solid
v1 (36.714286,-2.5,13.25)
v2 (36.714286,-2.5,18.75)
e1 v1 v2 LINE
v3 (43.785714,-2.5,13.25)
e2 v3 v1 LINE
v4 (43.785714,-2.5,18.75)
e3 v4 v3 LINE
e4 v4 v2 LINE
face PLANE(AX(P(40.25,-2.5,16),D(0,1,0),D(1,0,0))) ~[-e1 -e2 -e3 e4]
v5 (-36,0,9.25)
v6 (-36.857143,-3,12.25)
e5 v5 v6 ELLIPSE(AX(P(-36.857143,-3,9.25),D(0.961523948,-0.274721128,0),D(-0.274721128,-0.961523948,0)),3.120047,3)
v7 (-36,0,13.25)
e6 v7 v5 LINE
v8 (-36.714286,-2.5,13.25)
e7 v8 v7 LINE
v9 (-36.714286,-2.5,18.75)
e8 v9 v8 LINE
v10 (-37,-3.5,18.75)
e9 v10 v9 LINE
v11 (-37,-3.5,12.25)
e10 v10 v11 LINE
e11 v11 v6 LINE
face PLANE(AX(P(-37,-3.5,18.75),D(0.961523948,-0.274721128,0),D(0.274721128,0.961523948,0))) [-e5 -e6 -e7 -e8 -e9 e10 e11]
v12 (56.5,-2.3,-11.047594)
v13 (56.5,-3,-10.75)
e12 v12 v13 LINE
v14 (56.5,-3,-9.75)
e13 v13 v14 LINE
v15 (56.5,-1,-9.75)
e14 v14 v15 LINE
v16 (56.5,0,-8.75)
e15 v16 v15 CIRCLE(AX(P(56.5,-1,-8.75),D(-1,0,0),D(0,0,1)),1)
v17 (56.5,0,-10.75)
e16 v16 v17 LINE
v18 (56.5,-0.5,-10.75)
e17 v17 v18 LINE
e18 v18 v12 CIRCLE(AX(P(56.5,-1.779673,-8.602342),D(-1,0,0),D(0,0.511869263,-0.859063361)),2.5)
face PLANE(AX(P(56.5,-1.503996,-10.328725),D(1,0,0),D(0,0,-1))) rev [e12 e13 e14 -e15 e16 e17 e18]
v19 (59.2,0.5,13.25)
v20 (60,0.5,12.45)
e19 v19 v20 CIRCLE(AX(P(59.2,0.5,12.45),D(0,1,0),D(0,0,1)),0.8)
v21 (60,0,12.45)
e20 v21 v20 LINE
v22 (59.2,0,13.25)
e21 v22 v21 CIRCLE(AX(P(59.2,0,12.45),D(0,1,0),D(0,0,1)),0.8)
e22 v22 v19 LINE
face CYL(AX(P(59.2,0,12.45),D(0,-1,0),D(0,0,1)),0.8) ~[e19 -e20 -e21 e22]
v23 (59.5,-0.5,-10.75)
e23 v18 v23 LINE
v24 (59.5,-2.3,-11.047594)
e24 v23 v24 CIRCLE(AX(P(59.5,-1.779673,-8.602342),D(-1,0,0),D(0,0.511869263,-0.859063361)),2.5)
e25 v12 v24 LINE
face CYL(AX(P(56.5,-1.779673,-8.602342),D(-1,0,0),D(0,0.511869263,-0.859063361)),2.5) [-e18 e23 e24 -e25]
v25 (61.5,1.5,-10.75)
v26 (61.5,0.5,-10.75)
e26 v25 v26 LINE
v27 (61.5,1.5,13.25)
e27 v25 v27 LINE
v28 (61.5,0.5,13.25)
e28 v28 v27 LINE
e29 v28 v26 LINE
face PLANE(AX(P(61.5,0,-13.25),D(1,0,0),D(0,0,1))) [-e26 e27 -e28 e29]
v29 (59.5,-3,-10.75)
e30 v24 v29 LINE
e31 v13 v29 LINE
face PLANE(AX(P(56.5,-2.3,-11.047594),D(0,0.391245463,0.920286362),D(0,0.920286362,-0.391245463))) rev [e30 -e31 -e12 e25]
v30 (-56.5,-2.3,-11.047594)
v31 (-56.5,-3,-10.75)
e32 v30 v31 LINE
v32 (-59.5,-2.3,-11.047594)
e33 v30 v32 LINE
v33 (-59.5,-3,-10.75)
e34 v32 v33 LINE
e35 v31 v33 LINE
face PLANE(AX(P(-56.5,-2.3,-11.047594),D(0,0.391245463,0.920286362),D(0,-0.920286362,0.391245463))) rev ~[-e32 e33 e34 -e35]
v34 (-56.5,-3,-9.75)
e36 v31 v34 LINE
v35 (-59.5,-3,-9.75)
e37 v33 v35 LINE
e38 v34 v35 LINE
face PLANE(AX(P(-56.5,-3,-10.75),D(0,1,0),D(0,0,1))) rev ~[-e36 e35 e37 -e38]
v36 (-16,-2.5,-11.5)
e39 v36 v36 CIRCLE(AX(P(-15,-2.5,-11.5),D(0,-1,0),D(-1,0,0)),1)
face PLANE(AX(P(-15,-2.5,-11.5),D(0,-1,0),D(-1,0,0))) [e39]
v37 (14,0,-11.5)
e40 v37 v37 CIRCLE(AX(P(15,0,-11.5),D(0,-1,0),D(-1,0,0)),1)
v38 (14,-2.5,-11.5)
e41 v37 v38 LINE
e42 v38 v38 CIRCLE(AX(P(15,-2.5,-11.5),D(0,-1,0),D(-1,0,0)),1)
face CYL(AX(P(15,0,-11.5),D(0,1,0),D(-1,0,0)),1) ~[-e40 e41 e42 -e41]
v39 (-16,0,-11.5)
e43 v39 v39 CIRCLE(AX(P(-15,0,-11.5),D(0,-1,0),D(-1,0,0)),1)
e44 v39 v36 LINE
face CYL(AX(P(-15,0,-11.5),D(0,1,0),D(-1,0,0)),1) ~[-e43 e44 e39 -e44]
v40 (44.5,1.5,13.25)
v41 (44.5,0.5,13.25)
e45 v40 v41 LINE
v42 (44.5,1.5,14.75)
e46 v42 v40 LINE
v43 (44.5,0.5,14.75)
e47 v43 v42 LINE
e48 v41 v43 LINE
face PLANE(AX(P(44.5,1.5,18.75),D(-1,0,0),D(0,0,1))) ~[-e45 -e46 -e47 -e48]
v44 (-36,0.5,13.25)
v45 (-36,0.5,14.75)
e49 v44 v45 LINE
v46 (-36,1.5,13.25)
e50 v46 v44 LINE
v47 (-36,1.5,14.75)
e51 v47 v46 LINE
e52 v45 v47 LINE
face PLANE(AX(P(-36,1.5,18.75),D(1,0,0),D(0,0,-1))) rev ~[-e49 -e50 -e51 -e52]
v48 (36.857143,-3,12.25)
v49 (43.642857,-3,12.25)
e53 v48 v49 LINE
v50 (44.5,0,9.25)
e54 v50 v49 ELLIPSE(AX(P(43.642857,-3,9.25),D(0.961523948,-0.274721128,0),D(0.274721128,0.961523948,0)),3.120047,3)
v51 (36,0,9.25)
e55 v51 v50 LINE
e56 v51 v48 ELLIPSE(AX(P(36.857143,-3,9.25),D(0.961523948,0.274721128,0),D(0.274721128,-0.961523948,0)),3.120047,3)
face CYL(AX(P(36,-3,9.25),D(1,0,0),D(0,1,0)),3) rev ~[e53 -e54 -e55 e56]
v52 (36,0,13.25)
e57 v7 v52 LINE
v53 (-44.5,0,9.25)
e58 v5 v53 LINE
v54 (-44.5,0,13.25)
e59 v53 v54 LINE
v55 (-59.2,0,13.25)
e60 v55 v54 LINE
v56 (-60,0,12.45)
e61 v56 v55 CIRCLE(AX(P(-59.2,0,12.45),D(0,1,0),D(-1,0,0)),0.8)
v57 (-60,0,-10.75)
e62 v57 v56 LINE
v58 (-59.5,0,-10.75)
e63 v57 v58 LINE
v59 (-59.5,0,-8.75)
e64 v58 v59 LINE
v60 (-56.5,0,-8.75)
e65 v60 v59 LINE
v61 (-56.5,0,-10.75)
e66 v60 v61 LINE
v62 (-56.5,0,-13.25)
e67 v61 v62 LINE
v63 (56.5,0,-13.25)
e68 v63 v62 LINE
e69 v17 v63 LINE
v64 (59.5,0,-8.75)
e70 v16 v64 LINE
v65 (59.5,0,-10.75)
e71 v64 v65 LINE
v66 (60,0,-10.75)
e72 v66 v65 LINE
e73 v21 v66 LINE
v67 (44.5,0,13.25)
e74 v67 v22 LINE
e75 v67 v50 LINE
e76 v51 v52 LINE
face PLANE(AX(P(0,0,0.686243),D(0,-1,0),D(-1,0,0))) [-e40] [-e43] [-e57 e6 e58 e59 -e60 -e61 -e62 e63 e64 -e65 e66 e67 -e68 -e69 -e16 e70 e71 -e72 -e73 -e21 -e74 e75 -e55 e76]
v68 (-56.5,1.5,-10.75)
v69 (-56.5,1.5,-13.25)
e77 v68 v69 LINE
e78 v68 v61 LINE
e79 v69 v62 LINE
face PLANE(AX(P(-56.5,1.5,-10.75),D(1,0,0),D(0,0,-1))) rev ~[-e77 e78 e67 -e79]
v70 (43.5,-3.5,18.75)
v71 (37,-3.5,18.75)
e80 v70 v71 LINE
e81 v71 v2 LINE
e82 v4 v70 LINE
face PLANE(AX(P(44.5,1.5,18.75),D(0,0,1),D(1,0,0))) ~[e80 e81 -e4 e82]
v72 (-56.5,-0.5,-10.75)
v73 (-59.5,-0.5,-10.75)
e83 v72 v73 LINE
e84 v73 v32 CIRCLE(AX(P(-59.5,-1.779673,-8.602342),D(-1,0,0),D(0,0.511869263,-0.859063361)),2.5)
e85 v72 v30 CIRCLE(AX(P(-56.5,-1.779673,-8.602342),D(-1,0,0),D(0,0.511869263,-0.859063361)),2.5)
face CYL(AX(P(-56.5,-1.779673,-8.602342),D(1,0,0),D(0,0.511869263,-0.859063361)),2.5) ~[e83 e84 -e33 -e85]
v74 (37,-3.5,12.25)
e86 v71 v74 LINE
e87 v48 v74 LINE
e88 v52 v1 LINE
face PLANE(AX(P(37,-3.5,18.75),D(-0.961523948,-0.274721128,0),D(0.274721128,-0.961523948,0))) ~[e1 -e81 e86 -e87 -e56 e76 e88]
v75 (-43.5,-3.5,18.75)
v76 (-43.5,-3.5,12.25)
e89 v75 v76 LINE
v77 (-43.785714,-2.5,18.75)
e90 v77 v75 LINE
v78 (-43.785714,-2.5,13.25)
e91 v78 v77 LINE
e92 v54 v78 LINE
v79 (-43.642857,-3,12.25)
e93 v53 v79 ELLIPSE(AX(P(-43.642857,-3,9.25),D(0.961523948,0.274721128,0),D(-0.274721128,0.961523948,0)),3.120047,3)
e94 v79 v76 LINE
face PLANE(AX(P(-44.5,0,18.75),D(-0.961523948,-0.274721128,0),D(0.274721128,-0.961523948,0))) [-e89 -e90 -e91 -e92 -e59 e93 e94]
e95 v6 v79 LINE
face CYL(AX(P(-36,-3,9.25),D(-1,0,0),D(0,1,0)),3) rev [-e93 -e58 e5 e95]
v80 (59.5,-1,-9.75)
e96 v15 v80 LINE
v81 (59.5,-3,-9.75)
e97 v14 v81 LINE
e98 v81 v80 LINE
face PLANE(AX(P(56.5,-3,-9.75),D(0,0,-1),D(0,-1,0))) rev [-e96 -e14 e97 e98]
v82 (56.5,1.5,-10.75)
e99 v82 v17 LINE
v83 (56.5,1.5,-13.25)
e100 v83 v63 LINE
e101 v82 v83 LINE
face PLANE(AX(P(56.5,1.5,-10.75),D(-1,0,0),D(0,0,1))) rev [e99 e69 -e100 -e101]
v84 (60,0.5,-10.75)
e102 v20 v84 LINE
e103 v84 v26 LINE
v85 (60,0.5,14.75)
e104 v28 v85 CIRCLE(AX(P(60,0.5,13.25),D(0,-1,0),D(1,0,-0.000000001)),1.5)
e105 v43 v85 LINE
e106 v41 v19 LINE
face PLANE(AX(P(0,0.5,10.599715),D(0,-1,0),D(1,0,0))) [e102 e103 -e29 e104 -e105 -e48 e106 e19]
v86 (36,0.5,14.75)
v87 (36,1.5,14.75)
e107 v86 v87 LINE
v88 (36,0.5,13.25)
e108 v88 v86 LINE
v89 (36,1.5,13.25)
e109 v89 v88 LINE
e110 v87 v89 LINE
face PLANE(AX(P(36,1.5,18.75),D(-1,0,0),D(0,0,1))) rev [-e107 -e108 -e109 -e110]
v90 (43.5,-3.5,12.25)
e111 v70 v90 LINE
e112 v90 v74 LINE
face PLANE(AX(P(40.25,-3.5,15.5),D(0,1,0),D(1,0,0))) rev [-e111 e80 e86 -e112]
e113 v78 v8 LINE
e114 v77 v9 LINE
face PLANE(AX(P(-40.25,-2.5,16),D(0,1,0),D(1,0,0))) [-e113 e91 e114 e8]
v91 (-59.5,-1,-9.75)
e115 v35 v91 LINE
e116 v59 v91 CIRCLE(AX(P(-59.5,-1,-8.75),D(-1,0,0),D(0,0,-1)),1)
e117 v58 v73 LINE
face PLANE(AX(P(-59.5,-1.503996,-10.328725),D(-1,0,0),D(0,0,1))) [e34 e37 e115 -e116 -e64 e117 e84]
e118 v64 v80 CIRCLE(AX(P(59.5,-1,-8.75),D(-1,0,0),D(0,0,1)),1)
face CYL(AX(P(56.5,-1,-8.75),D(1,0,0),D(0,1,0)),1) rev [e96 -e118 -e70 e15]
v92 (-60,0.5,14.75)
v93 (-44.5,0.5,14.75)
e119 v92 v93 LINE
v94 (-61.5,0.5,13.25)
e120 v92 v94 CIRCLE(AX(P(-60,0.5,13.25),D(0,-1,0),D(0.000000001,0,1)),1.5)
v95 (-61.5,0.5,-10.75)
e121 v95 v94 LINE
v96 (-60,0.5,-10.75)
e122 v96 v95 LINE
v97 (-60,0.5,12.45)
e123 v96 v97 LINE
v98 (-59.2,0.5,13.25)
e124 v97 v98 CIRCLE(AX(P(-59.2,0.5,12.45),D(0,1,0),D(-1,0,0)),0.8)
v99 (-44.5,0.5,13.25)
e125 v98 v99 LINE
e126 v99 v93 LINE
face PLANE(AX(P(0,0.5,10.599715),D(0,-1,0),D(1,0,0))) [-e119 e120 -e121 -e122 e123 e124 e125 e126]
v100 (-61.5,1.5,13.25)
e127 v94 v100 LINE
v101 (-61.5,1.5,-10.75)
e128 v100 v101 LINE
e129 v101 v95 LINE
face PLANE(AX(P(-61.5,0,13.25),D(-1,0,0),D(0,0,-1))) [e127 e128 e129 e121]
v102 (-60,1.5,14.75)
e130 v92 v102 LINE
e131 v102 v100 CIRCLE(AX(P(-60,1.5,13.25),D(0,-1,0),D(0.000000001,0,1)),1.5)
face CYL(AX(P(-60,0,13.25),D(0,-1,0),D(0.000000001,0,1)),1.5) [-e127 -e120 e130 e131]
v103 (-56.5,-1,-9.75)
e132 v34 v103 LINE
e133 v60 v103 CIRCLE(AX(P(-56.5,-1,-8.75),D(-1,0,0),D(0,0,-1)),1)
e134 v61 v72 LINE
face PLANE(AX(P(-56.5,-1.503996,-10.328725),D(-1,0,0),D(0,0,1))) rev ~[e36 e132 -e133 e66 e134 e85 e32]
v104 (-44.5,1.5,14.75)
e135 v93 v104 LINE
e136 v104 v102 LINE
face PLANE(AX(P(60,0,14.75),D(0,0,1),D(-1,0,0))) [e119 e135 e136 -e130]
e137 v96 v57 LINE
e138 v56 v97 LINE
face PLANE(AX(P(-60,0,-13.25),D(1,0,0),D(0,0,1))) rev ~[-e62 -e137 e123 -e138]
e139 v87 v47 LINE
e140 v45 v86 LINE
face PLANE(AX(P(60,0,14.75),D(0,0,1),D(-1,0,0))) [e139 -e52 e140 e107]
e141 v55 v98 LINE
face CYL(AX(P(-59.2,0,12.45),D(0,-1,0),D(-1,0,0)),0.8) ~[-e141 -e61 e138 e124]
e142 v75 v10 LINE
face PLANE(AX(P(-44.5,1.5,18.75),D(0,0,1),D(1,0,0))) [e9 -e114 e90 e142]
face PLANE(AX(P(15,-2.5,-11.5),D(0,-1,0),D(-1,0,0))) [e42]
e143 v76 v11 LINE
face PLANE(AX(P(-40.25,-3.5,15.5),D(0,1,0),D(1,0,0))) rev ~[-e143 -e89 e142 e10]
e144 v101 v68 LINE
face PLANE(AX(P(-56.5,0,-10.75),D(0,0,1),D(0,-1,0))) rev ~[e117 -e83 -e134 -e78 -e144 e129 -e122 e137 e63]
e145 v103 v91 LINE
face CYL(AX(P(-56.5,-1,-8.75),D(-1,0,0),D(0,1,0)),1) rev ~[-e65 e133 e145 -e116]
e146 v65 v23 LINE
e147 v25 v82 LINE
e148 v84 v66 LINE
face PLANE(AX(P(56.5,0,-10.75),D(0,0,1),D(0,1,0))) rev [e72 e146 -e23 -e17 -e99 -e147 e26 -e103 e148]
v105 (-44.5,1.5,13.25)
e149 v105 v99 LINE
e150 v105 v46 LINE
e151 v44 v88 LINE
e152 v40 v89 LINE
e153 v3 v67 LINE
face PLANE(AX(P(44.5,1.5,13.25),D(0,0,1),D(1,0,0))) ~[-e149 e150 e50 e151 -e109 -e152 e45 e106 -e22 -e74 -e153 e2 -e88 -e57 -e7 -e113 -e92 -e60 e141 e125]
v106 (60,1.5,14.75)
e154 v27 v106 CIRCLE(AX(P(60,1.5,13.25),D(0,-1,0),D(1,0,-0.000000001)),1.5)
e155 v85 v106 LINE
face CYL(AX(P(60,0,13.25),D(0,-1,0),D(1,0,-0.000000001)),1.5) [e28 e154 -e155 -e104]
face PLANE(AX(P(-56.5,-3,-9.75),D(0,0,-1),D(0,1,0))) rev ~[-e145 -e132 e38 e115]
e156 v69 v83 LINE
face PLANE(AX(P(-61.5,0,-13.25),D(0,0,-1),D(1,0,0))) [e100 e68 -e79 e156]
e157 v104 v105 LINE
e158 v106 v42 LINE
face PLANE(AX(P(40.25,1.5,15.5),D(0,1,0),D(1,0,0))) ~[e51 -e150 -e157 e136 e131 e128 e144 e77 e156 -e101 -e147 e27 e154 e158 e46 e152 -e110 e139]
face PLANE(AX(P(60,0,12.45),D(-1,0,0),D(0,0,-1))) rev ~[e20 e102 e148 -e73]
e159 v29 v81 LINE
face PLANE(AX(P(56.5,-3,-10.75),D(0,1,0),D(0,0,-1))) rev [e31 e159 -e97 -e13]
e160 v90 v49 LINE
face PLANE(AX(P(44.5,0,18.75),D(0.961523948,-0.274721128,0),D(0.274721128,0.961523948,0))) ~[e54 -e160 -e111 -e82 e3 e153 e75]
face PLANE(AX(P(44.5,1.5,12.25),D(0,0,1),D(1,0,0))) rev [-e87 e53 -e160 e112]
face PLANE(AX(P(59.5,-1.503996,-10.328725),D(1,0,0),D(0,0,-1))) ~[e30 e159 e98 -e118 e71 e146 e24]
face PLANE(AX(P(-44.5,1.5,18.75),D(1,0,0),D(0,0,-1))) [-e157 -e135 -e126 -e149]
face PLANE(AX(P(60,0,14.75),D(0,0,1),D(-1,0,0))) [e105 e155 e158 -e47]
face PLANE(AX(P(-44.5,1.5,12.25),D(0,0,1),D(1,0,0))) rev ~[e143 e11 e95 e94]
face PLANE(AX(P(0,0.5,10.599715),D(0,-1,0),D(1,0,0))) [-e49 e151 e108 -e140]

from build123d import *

# Parameters (mm, degrees)
BOSS_EXTRUDE1_DEPTH = 1.5
CUT_EXTRUDE4_DEPTH  = 0.5
SKETCH3_W           = 8.5
SKETCH3_H           = 6.5
BOSS_EXTRUDE2_DEPTH = 5
SKETCH4_W           = 8.5
SKETCH4_H           = 5.5
CUT_EXTRUDE1_DEPTH  = 4
CUT_EXTRUDE2_DEPTH  = 33
FILLET1_R           = 3
SKETCH6_W           = 5
SKETCH6_H           = 2.5
CUT_EXTRUDE3_DEPTH  = 1.5
BOSS_EXTRUDE4_DEPTH = 3
SKETCH10_R          = 1
BOSS_EXTRUDE5_DEPTH = 2.5
FILLET2_R           = 1


with BuildPart() as part:
    # Sketch2 → Boss-Extrude1 (new body)
    with BuildSketch(Plane(origin=(0, 0, 0), x_dir=(1, 0, 0), z_dir=(0, 1, 0))):
        with BuildLine():
            Line((-61.5, 13.25), (61.5, 13.25))
            Line((61.5, 13.25), (61.5, -13.25))
            ThreePointArc((61.5, -13.25), (61.060660172, -14.310660172), (60, -14.75))
            Line((60, -14.75), (-60, -14.75))
            ThreePointArc((-60, -14.75), (-61.060660172, -14.310660172), (-61.5, -13.25))
            Line((-61.5, -13.25), (-61.5, 13.25))
        make_face()
    extrude(amount=BOSS_EXTRUDE1_DEPTH)

    # Sketch9 → Cut-Extrude4 (cut)
    with BuildSketch(Plane.XZ):
        with BuildLine():
            Line((60, -13.25), (65, -13.25))
            Line((65, -13.25), (65, 18.25))
            Line((65, 18.25), (-65, 18.25))
            Line((-65, 18.25), (-65, -13.25))
            Line((-65, -13.25), (-60, -13.25))
            Line((-60, -13.25), (-60, 12.45))
            ThreePointArc((-60, 12.45), (-59.765685425, 13.015685425), (-59.2, 13.25))
            Line((-59.2, 13.25), (59.2, 13.25))
            ThreePointArc((59.2, 13.25), (59.765685425, 13.015685425), (60, 12.45))
            Line((60, 12.45), (60, -13.25))
        make_face()
    extrude(amount=-CUT_EXTRUDE4_DEPTH, mode=Mode.SUBTRACT)

    # Sketch3 → Boss-Extrude2 (add)
    with BuildSketch(Plane(origin=(0, 1.5, 0), x_dir=(1, 0, 0), z_dir=(0, 1, 0))):
        with Locations((-40.25, -15.5)):
            Rectangle(SKETCH3_W, SKETCH3_H)
    boss_extrude2 = extrude(amount=-BOSS_EXTRUDE2_DEPTH)

    # Sketch4 → Cut-Extrude1 (cut)
    with BuildSketch(Plane(origin=(0, 1.5, 0), x_dir=(1, 0, 0), z_dir=(0, 1, 0))):
        with Locations((-40.25, -16)):
            Rectangle(SKETCH4_W, SKETCH4_H)
    cut_extrude1 = extrude(amount=-CUT_EXTRUDE1_DEPTH, mode=Mode.SUBTRACT)

    # Sketch5 → Cut-Extrude2 (cut, through all)
    with BuildSketch(Plane.XY.offset(18.75)):
        Polygon((-44.5, 0), (-43.5, -3.5), (-44.5, -3.5), align=None)
        Polygon((-36, 0), (-36, -3.5), (-37, -3.5), align=None)
    cut_extrude2 = extrude(amount=-CUT_EXTRUDE2_DEPTH, mode=Mode.SUBTRACT)

    # Mirror1: Boss-Extrude2, Cut-Extrude1, Cut-Extrude2 across plane
    add(boss_extrude2.mirror(Plane(origin=(0, 0, 0), x_dir=(0, 0, 1), z_dir=(1, 0, 0))))
    add(cut_extrude1.mirror(Plane(origin=(0, 0, 0), x_dir=(0, 0, 1), z_dir=(1, 0, 0))), mode=Mode.SUBTRACT)
    add(cut_extrude2.mirror(Plane(origin=(0, 0, 0), x_dir=(0, 0, 1), z_dir=(1, 0, 0))), mode=Mode.SUBTRACT)

    # Fillet1
    fillet1_edges = [part.edges().sort_by_distance(p)[0] for p in [
        (40.25, 0, 12.25),
        (-40.25, 0, 12.25),
    ]]
    fillet(fillet1_edges, radius=FILLET1_R)

    # Sketch6 → Cut-Extrude3 (cut)
    with BuildSketch(Plane(origin=(0, 1.5, 0), x_dir=(1, 0, 0), z_dir=(0, 1, 0))):
        with Locations((-59, 12)):
            Rectangle(SKETCH6_W, SKETCH6_H)
    cut_extrude3 = extrude(amount=-CUT_EXTRUDE3_DEPTH, mode=Mode.SUBTRACT)

    # Sketch7 → Boss-Extrude4 (add)
    with BuildSketch(Plane.ZY.offset(56.5)):
        with BuildLine():
            Line((-10.75, 0), (-10.75, -0.5))
            ThreePointArc((-10.75, -0.5), (-11.068858925, -1.37188366), (-11.047594135, -2.3))
            Line((-11.047594135, -2.3), (-10.75, -3))
            Line((-10.75, -3), (-9.75, -3))
            Line((-9.75, -3), (-9.75, 0))
            Line((-9.75, 0), (-10.75, 0))
        make_face()
    boss_extrude4 = extrude(amount=BOSS_EXTRUDE4_DEPTH)

    # Mirror2: Cut-Extrude3, Boss-Extrude4 across plane
    add(cut_extrude3.mirror(Plane(origin=(0, 0, 0), x_dir=(0, 0, 1), z_dir=(1, 0, 0))), mode=Mode.SUBTRACT)
    add(boss_extrude4.mirror(Plane(origin=(0, 0, 0), x_dir=(0, 0, 1), z_dir=(1, 0, 0))))

    # Sketch10 → Boss-Extrude5 (add)
    with BuildSketch(Plane(origin=(0, 0, 0), x_dir=(-1, 0, 0), z_dir=(0, -1, 0))):
        with Locations((-15, 11.5)):
            Circle(SKETCH10_R)
        with Locations((15, 11.5)):
            Circle(SKETCH10_R)
    extrude(amount=BOSS_EXTRUDE5_DEPTH)

    # Fillet2
    fillet2_edges = [part.edges().sort_by_distance(p)[0] for p in [
        (-58, 0, -9.75),
        (58, 0, -9.75),
    ]]
    fillet(fillet2_edges, radius=FILLET2_R)


solid = part.part
